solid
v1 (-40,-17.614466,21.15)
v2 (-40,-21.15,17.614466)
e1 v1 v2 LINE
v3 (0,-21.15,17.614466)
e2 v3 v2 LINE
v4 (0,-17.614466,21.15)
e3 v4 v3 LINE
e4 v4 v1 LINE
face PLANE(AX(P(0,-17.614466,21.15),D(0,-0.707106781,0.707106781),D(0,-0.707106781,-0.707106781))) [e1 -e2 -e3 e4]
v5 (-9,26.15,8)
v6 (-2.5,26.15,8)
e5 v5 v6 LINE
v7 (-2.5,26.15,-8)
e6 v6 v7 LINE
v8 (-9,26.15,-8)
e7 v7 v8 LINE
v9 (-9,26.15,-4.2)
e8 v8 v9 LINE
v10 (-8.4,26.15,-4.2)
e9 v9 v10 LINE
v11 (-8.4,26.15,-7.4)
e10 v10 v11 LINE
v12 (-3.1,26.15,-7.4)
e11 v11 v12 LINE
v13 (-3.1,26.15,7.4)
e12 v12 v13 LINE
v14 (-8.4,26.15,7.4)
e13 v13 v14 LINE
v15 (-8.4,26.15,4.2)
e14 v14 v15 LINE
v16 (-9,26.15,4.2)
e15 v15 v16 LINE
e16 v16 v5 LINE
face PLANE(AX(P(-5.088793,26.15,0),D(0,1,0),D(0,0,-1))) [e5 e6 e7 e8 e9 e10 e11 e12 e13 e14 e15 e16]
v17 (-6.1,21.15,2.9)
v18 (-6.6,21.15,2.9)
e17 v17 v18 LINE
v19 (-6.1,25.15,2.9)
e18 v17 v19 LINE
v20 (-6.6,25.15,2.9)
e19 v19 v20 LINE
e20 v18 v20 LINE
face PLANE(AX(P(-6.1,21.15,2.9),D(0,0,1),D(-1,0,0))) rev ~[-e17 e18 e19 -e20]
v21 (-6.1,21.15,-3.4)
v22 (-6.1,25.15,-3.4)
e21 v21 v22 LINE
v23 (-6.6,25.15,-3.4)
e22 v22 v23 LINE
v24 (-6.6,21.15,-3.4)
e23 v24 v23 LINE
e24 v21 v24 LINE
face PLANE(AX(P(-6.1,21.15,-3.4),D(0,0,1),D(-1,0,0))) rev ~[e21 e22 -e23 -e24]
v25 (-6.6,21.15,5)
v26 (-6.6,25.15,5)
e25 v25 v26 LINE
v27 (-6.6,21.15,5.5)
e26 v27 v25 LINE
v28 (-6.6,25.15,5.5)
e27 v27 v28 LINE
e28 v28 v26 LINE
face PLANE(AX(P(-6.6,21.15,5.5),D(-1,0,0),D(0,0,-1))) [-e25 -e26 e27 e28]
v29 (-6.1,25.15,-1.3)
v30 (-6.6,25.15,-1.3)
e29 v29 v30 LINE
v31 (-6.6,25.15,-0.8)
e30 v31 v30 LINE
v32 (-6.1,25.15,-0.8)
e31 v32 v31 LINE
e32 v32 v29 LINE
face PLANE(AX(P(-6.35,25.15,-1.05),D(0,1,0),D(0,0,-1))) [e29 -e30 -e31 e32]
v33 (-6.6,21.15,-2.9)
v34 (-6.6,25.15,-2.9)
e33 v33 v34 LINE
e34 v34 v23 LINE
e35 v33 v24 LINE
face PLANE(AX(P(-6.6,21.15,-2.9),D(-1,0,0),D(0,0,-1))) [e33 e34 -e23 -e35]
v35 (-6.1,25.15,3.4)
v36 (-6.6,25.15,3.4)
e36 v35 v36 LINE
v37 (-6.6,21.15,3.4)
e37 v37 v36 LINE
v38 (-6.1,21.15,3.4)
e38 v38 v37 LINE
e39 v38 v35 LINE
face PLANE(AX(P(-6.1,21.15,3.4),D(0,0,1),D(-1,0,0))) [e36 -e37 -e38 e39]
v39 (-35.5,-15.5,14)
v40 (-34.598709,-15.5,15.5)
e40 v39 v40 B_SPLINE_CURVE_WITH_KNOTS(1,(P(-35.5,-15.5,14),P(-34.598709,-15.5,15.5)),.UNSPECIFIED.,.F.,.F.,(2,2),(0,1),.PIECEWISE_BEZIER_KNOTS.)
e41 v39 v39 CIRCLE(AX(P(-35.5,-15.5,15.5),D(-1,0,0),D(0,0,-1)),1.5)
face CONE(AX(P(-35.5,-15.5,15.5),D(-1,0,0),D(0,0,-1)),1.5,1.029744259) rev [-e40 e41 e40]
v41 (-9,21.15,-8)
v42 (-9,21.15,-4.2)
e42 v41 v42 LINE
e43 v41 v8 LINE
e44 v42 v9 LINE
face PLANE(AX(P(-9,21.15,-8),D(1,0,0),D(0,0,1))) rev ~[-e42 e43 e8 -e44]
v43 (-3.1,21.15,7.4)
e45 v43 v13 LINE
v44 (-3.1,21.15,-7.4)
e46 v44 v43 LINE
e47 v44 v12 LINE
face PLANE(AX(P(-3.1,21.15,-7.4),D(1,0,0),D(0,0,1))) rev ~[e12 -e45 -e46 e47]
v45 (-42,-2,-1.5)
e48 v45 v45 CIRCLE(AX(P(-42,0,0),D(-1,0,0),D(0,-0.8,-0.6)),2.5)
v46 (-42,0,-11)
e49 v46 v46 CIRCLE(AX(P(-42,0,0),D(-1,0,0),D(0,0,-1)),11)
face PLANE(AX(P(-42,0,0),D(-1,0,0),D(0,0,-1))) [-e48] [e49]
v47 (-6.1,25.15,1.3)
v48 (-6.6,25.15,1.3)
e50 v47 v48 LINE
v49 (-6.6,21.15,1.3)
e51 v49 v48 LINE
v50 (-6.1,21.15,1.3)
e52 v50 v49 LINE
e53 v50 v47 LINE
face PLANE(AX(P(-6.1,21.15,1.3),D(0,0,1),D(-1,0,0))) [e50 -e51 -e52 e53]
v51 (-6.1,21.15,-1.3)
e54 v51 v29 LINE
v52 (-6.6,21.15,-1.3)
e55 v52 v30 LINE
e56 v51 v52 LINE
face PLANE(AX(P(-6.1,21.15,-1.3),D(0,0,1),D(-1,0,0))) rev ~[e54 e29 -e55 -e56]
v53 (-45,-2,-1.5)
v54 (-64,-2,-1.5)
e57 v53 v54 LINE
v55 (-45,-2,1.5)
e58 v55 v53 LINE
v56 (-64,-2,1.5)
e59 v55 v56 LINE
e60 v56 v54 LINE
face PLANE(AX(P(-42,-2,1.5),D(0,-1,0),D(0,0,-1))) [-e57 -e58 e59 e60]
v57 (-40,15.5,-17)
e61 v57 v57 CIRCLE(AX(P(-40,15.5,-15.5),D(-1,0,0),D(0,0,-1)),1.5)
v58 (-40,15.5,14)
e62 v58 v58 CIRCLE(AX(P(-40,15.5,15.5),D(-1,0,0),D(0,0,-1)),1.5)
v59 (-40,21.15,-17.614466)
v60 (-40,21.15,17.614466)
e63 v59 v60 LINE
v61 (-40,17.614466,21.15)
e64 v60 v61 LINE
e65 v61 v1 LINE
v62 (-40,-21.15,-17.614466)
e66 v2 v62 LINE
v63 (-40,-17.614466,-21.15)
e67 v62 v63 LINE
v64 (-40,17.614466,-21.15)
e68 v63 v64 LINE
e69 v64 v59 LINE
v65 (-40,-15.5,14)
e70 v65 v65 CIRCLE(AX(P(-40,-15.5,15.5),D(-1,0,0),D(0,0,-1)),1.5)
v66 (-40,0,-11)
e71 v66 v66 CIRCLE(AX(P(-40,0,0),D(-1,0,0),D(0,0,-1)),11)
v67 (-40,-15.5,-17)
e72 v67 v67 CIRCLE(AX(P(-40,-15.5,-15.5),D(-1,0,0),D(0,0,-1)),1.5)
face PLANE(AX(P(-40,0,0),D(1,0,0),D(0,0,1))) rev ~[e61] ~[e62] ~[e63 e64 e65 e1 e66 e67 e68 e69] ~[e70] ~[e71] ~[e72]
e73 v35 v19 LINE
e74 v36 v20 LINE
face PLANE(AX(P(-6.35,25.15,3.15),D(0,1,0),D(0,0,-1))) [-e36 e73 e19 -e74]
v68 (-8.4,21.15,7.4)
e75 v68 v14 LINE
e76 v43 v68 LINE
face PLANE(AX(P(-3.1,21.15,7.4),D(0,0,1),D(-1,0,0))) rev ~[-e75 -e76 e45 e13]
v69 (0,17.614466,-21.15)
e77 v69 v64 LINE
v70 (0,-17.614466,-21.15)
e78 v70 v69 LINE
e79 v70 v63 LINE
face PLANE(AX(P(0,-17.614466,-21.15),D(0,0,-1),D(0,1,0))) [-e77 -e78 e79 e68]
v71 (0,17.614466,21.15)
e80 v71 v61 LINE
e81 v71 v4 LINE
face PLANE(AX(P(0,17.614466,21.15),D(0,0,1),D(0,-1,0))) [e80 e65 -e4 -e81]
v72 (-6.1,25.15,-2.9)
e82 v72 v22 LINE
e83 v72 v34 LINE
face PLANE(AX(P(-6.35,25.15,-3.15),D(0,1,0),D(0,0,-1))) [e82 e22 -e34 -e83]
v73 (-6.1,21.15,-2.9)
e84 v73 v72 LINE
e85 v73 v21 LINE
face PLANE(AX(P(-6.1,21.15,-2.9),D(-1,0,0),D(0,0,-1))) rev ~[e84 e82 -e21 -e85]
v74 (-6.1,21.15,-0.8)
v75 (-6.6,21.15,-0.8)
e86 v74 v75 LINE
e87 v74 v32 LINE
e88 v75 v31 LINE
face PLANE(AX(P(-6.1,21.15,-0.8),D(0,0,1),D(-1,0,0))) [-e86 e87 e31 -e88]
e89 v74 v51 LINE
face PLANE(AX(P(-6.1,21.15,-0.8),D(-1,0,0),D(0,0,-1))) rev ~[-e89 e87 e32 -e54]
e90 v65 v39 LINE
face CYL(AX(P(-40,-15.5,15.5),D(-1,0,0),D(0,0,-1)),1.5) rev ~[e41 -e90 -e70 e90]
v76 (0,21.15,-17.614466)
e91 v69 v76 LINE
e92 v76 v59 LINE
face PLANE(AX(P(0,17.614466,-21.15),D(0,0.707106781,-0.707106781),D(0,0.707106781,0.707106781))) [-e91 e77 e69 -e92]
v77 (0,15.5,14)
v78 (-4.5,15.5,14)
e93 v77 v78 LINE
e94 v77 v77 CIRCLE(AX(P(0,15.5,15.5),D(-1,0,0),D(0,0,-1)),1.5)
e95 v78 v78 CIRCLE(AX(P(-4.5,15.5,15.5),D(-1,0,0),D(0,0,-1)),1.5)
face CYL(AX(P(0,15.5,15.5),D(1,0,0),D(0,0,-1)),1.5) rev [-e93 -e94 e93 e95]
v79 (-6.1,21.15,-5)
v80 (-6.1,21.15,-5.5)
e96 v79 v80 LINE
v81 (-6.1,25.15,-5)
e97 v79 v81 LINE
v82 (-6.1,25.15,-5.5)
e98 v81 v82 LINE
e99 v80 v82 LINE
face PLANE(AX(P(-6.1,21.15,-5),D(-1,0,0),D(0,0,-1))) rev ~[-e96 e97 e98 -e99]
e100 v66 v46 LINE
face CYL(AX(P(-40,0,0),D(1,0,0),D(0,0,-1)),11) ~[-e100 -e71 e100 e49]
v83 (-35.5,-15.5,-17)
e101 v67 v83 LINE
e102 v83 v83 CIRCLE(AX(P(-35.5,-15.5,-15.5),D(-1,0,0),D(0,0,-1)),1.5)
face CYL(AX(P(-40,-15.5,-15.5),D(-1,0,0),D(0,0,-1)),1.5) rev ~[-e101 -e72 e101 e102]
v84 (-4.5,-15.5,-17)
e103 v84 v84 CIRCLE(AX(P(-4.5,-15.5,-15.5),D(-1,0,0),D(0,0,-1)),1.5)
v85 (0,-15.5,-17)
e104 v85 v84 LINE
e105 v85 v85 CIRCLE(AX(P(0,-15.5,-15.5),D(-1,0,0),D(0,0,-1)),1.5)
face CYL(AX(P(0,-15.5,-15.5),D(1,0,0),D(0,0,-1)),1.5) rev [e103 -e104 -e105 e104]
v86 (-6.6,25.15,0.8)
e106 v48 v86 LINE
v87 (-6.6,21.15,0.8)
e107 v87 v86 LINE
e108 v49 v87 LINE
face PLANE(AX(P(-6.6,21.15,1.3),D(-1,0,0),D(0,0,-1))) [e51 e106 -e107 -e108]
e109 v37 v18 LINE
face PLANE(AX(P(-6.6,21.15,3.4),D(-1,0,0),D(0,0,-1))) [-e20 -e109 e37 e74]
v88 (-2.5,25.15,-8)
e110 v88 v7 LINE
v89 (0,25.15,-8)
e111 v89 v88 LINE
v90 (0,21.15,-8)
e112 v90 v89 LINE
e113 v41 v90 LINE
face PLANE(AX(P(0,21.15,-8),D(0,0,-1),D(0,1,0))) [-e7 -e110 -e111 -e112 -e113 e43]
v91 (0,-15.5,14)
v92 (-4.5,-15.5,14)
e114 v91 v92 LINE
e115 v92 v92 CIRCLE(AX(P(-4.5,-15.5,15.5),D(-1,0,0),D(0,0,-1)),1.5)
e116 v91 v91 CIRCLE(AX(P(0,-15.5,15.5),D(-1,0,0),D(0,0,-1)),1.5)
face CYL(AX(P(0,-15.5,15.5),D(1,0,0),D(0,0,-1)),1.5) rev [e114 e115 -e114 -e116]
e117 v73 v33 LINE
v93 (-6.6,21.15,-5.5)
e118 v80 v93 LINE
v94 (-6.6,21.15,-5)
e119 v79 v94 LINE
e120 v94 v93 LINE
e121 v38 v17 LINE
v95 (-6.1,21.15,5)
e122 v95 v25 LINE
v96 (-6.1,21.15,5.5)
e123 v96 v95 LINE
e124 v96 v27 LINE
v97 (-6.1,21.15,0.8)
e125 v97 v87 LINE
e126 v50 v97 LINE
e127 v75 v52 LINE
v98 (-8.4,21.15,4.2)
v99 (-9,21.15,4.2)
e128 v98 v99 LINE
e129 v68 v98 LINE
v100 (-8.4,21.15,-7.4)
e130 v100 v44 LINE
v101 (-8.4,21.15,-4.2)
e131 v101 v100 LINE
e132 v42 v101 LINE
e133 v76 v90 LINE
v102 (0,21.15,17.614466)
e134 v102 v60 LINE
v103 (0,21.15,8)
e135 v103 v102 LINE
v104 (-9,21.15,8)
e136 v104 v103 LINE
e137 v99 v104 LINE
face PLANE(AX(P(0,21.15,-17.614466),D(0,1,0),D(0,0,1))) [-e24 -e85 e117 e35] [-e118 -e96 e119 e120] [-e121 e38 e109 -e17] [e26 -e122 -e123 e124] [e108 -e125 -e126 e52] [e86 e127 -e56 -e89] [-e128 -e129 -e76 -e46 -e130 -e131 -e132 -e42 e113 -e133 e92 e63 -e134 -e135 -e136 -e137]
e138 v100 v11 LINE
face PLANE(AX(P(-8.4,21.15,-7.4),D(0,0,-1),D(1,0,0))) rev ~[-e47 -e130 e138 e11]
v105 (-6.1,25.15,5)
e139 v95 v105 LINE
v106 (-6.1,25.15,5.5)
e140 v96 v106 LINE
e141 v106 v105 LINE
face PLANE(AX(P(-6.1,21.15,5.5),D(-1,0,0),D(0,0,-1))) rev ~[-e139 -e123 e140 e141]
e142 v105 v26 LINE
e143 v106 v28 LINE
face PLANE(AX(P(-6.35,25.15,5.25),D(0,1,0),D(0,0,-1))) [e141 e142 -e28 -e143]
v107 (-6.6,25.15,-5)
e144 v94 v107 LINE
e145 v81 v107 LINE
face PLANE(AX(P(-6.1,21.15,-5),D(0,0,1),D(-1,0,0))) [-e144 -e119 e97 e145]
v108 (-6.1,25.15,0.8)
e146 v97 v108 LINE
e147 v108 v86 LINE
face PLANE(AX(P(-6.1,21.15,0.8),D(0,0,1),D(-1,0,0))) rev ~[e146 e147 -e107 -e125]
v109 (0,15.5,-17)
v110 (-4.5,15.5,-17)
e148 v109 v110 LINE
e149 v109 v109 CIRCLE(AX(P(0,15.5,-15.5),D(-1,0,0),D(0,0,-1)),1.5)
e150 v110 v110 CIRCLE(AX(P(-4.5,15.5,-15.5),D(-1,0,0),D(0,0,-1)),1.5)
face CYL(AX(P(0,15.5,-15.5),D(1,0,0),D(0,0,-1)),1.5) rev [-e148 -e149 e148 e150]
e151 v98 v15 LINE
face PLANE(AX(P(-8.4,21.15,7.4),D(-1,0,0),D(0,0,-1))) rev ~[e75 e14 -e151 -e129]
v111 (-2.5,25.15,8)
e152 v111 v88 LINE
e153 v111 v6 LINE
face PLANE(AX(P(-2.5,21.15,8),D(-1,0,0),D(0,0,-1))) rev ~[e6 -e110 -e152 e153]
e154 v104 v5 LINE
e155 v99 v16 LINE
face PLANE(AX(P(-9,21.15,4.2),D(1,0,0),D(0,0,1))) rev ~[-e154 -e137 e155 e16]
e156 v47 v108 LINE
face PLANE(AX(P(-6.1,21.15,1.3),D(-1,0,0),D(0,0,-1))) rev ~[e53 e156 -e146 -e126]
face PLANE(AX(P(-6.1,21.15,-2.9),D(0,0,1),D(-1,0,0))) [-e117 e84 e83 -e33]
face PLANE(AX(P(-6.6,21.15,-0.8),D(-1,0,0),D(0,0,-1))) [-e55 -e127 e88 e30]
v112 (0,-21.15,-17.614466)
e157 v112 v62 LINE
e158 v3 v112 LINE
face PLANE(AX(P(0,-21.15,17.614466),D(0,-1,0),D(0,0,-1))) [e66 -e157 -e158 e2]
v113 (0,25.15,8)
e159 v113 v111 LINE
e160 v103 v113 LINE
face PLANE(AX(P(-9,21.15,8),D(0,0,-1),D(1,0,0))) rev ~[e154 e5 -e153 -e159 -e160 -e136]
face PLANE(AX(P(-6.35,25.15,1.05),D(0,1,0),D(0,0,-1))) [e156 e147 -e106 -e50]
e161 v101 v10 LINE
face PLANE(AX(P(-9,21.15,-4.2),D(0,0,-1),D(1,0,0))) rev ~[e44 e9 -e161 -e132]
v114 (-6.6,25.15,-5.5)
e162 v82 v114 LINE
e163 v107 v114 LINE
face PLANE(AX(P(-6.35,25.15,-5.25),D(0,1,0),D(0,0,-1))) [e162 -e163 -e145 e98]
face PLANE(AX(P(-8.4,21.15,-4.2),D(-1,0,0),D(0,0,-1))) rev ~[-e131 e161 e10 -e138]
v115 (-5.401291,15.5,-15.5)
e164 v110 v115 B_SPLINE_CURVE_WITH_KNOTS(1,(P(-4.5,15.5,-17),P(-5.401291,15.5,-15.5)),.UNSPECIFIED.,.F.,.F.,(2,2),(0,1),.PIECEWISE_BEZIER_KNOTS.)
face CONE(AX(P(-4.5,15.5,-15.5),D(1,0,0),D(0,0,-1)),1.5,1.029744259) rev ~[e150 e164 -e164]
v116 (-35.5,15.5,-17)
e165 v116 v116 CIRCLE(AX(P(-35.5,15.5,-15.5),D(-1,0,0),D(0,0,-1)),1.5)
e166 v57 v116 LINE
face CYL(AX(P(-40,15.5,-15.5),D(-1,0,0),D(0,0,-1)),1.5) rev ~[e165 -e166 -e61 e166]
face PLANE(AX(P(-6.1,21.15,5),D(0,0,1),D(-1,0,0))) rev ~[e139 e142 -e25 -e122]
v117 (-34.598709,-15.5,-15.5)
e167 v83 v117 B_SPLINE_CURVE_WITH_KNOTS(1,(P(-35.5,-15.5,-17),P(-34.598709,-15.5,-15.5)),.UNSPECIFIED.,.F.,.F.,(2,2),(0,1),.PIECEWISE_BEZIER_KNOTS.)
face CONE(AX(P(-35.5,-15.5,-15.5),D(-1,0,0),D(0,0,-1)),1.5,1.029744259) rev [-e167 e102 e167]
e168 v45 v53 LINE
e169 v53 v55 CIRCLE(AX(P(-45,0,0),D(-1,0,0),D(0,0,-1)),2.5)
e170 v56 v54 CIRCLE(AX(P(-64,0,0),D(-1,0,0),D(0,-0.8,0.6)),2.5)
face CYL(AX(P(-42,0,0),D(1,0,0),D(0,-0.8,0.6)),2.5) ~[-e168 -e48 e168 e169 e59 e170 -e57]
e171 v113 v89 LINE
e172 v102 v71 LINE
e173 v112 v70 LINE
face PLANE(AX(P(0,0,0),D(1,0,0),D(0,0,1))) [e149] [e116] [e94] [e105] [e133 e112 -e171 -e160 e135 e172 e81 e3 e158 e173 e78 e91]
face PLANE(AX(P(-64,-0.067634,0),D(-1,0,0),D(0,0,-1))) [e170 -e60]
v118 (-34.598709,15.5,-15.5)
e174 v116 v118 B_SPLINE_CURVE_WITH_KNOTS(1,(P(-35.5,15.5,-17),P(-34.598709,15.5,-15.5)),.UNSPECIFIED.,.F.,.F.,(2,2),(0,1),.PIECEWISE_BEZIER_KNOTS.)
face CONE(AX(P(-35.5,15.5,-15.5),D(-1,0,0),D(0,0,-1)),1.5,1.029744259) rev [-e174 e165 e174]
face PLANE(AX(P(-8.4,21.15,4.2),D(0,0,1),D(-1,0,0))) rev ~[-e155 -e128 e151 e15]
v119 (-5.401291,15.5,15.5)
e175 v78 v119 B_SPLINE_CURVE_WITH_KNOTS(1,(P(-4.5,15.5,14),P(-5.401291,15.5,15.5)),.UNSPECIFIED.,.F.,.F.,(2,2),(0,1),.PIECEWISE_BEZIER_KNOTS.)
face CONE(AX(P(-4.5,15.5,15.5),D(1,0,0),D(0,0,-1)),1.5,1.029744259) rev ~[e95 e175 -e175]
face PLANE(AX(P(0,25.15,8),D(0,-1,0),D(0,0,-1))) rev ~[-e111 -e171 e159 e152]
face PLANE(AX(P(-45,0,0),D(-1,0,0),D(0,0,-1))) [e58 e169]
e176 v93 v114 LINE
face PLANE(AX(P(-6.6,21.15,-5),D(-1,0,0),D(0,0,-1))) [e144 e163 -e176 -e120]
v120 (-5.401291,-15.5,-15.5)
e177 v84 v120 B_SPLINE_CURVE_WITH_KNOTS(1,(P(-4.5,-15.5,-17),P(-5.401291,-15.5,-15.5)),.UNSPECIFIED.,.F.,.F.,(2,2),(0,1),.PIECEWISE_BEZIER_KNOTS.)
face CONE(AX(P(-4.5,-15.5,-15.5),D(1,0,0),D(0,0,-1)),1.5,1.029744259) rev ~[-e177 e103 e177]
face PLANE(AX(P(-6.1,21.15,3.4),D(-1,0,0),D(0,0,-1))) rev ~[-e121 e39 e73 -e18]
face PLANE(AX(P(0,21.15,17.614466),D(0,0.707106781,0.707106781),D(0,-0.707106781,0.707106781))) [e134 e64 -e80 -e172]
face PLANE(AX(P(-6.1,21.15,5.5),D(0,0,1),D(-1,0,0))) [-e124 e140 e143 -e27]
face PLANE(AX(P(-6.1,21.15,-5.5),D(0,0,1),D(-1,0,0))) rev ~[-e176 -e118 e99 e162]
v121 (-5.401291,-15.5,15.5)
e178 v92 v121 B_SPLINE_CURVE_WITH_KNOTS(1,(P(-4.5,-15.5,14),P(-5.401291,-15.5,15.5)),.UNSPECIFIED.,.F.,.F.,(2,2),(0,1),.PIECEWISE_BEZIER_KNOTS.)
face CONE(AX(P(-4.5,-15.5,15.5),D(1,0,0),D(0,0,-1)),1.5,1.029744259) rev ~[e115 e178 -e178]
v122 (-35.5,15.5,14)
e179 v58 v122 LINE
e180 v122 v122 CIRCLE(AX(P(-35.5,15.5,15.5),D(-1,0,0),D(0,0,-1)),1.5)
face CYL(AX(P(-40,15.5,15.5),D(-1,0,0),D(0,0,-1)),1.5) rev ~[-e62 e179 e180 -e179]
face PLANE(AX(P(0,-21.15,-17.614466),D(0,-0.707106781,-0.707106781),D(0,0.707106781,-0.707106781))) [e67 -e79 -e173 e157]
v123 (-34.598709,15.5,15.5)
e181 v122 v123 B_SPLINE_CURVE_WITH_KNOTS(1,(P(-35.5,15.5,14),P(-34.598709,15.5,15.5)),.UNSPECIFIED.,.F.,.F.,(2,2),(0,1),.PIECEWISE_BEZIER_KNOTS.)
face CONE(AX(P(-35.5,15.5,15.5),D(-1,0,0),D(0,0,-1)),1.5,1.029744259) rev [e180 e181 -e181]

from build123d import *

# Parameters (mm, degrees)
PAD024_DEPTH            = 40
SKETCH001_R             = 1.5
HOLE_DEPTH              = 4.5
HOLE_TIPS_R             = 1.5
SKETCH002_R             = 1.5
HOLE001_DEPTH           = 4.5
HOLE001_TIPS_R          = 1.5
SKETCH003_R             = 11
PAD001_DEPTH            = 2
PAD002_DEPTH            = 22
SKETCH005_R             = 2.5
PAD003_DEPTH            = 3
SKETCH006_W             = 16
SKETCH006_H             = 4
PAD004_DEPTH            = 2.5
PAD005_DEPTH            = 5
SKETCH008_W             = 0.5
SKETCH008_H             = 0.5
PAD006_DEPTH            = 4
BODY007_PITCH_ANGLE     = 90
BODY007_PLACEMENT_ANGLE = -180


with BuildPart() as part:
    # Sketch061 → Pad024 (new body)
    with BuildSketch(Plane.XY):
        Polygon((-17.6144660941, 21.15), (17.6144660941, 21.15), (21.15, 17.6144660941), (21.15, -17.6144660941), (17.6144660941, -21.15), (-17.6144660941, -21.15), (-21.15, -17.6144660941), (-21.15, 17.6144660941), align=None)
    extrude(amount=PAD024_DEPTH)

    # Sketch001 (on Face10 of Pad024) → Hole (cut)
    with BuildSketch(Plane.XY.offset(40)):
        with Locations((15.5, 15.5)):
            Circle(SKETCH001_R)
        with Locations((-15.5, 15.5)):
            Circle(SKETCH001_R)
        with Locations((-15.5, -15.5)):
            Circle(SKETCH001_R)
        with Locations((15.5, -15.5)):
            Circle(SKETCH001_R)
    extrude(amount=-HOLE_DEPTH, mode=Mode.SUBTRACT)

    # Hole tips → Hole tip 1 section 0
    with BuildSketch(Plane.XY.offset(35.5), mode=Mode.PRIVATE) as hole_tip_1_s0:
        with Locations((15.5, 15.5)):
            Circle(HOLE_TIPS_R)
    loft([hole_tip_1_s0.sketch, Vertex(15.5, 15.5, 34.5987090715)], mode=Mode.SUBTRACT)

    # Hole tips → Hole tip 2 section 0
    with BuildSketch(Plane.XY.offset(35.5), mode=Mode.PRIVATE) as hole_tip_2_s0:
        with Locations((-15.5, 15.5)):
            Circle(HOLE_TIPS_R)
    loft([hole_tip_2_s0.sketch, Vertex(-15.5, 15.5, 34.5987090715)], mode=Mode.SUBTRACT)

    # Hole tips → Hole tip 3 section 0
    with BuildSketch(Plane.XY.offset(35.5), mode=Mode.PRIVATE) as hole_tip_3_s0:
        with Locations((-15.5, -15.5)):
            Circle(HOLE_TIPS_R)
    loft([hole_tip_3_s0.sketch, Vertex(-15.5, -15.5, 34.5987090715)], mode=Mode.SUBTRACT)

    # Hole tips → Hole tip 4 section 0
    with BuildSketch(Plane.XY.offset(35.5), mode=Mode.PRIVATE) as hole_tip_4_s0:
        with Locations((15.5, -15.5)):
            Circle(HOLE_TIPS_R)
    loft([hole_tip_4_s0.sketch, Vertex(15.5, -15.5, 34.5987090715)], mode=Mode.SUBTRACT)

    # Sketch002 → Hole001 (cut)
    with BuildSketch(Plane.XY):
        with Locations((-15.5, 15.5)):
            Circle(SKETCH002_R)
        with Locations((-15.5, -15.5)):
            Circle(SKETCH002_R)
        with Locations((15.5, -15.5)):
            Circle(SKETCH002_R)
        with Locations((15.5, 15.5)):
            Circle(SKETCH002_R)
    extrude(amount=HOLE001_DEPTH, mode=Mode.SUBTRACT)

    # Hole001 tips → Hole001 tip 1 section 0
    with BuildSketch(Plane.XY.offset(4.5), mode=Mode.PRIVATE) as hole001_tip_1_s0:
        with Locations((-15.5, 15.5)):
            Circle(HOLE001_TIPS_R)
    loft([hole001_tip_1_s0.sketch, Vertex(-15.5, 15.5, 5.4012909285)], mode=Mode.SUBTRACT)

    # Hole001 tips → Hole001 tip 2 section 0
    with BuildSketch(Plane.XY.offset(4.5), mode=Mode.PRIVATE) as hole001_tip_2_s0:
        with Locations((-15.5, -15.5)):
            Circle(HOLE001_TIPS_R)
    loft([hole001_tip_2_s0.sketch, Vertex(-15.5, -15.5, 5.4012909285)], mode=Mode.SUBTRACT)

    # Hole001 tips → Hole001 tip 3 section 0
    with BuildSketch(Plane.XY.offset(4.5), mode=Mode.PRIVATE) as hole001_tip_3_s0:
        with Locations((15.5, -15.5)):
            Circle(HOLE001_TIPS_R)
    loft([hole001_tip_3_s0.sketch, Vertex(15.5, -15.5, 5.4012909285)], mode=Mode.SUBTRACT)

    # Hole001 tips → Hole001 tip 4 section 0
    with BuildSketch(Plane.XY.offset(4.5), mode=Mode.PRIVATE) as hole001_tip_4_s0:
        with Locations((15.5, 15.5)):
            Circle(HOLE001_TIPS_R)
    loft([hole001_tip_4_s0.sketch, Vertex(15.5, 15.5, 5.4012909285)], mode=Mode.SUBTRACT)

    # Sketch003 (on Face5 of Hole001) → Pad001 (join)
    with BuildSketch(Plane.XY.offset(40)):
        Circle(SKETCH003_R)
    extrude(amount=PAD001_DEPTH)

    # Sketch004 (on Face27 of Pad001) → Pad002 (join)
    with BuildSketch(Plane.XY.offset(42)):
        with BuildLine():
            ThreePointArc((-1.5, 2), (0, -2.5), (1.5, 2))
            Line((-1.5, 2), (1.5, 2))
        make_face()
    extrude(amount=PAD002_DEPTH)

    # Sketch005 (on Face27 of Pad001) → Pad003 (join)
    with BuildSketch(Plane.XY.offset(42)):
        Circle(SKETCH005_R)
    extrude(amount=PAD003_DEPTH)

    # Sketch006 (on Face4 of Pad003) → Pad004 (join)
    with BuildSketch(Plane(origin=(0, 0, 0), x_dir=(1, 0, 0), z_dir=(0, 0, -1))):
        with Locations((0, 23.15)):
            Rectangle(SKETCH006_W, SKETCH006_H)
    extrude(amount=-PAD004_DEPTH)

    # Sketch007 (on Face10 of Pad004) → Pad005 (join)
    with BuildSketch(Plane.XZ.offset(21.15)):
        Polygon((-4.2, 9), (-8, 9), (-8, 2.5), (8, 2.5), (8, 9), (4.2, 9), (4.2, 8.4), (7.4, 8.4), (7.4, 3.1), (-7.4, 3.1), (-7.4, 8.4), (-4.2, 8.4), align=None)
    extrude(amount=PAD005_DEPTH)

    # Sketch008 (on Face10 of Pad005) → Pad006 (join)
    with BuildSketch(Plane.XZ.offset(21.15)):
        with Locations((-5.25, 6.35)):
            Rectangle(SKETCH008_W, SKETCH008_H)
        with Locations((-3.15, 6.35)):
            Rectangle(SKETCH008_W, SKETCH008_H)
        with Locations((-1.05, 6.35)):
            Rectangle(SKETCH008_W, SKETCH008_H)
        with Locations((1.05, 6.35)):
            Rectangle(SKETCH008_W, SKETCH008_H)
        with Locations((3.15, 6.35)):
            Rectangle(SKETCH008_W, SKETCH008_H)
        with Locations((5.25, 6.35)):
            Rectangle(SKETCH008_W, SKETCH008_H)
    extrude(amount=PAD006_DEPTH)


with BuildPart() as part_1:
    # Body007 pitch: moved
    add(part.part.rotate(Axis((0, 0, 0), (0, 1, 0)), BODY007_PITCH_ANGLE))


with BuildPart() as part_2:
    # Body007 placement: moved
    add(part_1.part.rotate(Axis((0, 0, 0), (0, 0, 1)), BODY007_PLACEMENT_ANGLE))


solid = part_2.part
